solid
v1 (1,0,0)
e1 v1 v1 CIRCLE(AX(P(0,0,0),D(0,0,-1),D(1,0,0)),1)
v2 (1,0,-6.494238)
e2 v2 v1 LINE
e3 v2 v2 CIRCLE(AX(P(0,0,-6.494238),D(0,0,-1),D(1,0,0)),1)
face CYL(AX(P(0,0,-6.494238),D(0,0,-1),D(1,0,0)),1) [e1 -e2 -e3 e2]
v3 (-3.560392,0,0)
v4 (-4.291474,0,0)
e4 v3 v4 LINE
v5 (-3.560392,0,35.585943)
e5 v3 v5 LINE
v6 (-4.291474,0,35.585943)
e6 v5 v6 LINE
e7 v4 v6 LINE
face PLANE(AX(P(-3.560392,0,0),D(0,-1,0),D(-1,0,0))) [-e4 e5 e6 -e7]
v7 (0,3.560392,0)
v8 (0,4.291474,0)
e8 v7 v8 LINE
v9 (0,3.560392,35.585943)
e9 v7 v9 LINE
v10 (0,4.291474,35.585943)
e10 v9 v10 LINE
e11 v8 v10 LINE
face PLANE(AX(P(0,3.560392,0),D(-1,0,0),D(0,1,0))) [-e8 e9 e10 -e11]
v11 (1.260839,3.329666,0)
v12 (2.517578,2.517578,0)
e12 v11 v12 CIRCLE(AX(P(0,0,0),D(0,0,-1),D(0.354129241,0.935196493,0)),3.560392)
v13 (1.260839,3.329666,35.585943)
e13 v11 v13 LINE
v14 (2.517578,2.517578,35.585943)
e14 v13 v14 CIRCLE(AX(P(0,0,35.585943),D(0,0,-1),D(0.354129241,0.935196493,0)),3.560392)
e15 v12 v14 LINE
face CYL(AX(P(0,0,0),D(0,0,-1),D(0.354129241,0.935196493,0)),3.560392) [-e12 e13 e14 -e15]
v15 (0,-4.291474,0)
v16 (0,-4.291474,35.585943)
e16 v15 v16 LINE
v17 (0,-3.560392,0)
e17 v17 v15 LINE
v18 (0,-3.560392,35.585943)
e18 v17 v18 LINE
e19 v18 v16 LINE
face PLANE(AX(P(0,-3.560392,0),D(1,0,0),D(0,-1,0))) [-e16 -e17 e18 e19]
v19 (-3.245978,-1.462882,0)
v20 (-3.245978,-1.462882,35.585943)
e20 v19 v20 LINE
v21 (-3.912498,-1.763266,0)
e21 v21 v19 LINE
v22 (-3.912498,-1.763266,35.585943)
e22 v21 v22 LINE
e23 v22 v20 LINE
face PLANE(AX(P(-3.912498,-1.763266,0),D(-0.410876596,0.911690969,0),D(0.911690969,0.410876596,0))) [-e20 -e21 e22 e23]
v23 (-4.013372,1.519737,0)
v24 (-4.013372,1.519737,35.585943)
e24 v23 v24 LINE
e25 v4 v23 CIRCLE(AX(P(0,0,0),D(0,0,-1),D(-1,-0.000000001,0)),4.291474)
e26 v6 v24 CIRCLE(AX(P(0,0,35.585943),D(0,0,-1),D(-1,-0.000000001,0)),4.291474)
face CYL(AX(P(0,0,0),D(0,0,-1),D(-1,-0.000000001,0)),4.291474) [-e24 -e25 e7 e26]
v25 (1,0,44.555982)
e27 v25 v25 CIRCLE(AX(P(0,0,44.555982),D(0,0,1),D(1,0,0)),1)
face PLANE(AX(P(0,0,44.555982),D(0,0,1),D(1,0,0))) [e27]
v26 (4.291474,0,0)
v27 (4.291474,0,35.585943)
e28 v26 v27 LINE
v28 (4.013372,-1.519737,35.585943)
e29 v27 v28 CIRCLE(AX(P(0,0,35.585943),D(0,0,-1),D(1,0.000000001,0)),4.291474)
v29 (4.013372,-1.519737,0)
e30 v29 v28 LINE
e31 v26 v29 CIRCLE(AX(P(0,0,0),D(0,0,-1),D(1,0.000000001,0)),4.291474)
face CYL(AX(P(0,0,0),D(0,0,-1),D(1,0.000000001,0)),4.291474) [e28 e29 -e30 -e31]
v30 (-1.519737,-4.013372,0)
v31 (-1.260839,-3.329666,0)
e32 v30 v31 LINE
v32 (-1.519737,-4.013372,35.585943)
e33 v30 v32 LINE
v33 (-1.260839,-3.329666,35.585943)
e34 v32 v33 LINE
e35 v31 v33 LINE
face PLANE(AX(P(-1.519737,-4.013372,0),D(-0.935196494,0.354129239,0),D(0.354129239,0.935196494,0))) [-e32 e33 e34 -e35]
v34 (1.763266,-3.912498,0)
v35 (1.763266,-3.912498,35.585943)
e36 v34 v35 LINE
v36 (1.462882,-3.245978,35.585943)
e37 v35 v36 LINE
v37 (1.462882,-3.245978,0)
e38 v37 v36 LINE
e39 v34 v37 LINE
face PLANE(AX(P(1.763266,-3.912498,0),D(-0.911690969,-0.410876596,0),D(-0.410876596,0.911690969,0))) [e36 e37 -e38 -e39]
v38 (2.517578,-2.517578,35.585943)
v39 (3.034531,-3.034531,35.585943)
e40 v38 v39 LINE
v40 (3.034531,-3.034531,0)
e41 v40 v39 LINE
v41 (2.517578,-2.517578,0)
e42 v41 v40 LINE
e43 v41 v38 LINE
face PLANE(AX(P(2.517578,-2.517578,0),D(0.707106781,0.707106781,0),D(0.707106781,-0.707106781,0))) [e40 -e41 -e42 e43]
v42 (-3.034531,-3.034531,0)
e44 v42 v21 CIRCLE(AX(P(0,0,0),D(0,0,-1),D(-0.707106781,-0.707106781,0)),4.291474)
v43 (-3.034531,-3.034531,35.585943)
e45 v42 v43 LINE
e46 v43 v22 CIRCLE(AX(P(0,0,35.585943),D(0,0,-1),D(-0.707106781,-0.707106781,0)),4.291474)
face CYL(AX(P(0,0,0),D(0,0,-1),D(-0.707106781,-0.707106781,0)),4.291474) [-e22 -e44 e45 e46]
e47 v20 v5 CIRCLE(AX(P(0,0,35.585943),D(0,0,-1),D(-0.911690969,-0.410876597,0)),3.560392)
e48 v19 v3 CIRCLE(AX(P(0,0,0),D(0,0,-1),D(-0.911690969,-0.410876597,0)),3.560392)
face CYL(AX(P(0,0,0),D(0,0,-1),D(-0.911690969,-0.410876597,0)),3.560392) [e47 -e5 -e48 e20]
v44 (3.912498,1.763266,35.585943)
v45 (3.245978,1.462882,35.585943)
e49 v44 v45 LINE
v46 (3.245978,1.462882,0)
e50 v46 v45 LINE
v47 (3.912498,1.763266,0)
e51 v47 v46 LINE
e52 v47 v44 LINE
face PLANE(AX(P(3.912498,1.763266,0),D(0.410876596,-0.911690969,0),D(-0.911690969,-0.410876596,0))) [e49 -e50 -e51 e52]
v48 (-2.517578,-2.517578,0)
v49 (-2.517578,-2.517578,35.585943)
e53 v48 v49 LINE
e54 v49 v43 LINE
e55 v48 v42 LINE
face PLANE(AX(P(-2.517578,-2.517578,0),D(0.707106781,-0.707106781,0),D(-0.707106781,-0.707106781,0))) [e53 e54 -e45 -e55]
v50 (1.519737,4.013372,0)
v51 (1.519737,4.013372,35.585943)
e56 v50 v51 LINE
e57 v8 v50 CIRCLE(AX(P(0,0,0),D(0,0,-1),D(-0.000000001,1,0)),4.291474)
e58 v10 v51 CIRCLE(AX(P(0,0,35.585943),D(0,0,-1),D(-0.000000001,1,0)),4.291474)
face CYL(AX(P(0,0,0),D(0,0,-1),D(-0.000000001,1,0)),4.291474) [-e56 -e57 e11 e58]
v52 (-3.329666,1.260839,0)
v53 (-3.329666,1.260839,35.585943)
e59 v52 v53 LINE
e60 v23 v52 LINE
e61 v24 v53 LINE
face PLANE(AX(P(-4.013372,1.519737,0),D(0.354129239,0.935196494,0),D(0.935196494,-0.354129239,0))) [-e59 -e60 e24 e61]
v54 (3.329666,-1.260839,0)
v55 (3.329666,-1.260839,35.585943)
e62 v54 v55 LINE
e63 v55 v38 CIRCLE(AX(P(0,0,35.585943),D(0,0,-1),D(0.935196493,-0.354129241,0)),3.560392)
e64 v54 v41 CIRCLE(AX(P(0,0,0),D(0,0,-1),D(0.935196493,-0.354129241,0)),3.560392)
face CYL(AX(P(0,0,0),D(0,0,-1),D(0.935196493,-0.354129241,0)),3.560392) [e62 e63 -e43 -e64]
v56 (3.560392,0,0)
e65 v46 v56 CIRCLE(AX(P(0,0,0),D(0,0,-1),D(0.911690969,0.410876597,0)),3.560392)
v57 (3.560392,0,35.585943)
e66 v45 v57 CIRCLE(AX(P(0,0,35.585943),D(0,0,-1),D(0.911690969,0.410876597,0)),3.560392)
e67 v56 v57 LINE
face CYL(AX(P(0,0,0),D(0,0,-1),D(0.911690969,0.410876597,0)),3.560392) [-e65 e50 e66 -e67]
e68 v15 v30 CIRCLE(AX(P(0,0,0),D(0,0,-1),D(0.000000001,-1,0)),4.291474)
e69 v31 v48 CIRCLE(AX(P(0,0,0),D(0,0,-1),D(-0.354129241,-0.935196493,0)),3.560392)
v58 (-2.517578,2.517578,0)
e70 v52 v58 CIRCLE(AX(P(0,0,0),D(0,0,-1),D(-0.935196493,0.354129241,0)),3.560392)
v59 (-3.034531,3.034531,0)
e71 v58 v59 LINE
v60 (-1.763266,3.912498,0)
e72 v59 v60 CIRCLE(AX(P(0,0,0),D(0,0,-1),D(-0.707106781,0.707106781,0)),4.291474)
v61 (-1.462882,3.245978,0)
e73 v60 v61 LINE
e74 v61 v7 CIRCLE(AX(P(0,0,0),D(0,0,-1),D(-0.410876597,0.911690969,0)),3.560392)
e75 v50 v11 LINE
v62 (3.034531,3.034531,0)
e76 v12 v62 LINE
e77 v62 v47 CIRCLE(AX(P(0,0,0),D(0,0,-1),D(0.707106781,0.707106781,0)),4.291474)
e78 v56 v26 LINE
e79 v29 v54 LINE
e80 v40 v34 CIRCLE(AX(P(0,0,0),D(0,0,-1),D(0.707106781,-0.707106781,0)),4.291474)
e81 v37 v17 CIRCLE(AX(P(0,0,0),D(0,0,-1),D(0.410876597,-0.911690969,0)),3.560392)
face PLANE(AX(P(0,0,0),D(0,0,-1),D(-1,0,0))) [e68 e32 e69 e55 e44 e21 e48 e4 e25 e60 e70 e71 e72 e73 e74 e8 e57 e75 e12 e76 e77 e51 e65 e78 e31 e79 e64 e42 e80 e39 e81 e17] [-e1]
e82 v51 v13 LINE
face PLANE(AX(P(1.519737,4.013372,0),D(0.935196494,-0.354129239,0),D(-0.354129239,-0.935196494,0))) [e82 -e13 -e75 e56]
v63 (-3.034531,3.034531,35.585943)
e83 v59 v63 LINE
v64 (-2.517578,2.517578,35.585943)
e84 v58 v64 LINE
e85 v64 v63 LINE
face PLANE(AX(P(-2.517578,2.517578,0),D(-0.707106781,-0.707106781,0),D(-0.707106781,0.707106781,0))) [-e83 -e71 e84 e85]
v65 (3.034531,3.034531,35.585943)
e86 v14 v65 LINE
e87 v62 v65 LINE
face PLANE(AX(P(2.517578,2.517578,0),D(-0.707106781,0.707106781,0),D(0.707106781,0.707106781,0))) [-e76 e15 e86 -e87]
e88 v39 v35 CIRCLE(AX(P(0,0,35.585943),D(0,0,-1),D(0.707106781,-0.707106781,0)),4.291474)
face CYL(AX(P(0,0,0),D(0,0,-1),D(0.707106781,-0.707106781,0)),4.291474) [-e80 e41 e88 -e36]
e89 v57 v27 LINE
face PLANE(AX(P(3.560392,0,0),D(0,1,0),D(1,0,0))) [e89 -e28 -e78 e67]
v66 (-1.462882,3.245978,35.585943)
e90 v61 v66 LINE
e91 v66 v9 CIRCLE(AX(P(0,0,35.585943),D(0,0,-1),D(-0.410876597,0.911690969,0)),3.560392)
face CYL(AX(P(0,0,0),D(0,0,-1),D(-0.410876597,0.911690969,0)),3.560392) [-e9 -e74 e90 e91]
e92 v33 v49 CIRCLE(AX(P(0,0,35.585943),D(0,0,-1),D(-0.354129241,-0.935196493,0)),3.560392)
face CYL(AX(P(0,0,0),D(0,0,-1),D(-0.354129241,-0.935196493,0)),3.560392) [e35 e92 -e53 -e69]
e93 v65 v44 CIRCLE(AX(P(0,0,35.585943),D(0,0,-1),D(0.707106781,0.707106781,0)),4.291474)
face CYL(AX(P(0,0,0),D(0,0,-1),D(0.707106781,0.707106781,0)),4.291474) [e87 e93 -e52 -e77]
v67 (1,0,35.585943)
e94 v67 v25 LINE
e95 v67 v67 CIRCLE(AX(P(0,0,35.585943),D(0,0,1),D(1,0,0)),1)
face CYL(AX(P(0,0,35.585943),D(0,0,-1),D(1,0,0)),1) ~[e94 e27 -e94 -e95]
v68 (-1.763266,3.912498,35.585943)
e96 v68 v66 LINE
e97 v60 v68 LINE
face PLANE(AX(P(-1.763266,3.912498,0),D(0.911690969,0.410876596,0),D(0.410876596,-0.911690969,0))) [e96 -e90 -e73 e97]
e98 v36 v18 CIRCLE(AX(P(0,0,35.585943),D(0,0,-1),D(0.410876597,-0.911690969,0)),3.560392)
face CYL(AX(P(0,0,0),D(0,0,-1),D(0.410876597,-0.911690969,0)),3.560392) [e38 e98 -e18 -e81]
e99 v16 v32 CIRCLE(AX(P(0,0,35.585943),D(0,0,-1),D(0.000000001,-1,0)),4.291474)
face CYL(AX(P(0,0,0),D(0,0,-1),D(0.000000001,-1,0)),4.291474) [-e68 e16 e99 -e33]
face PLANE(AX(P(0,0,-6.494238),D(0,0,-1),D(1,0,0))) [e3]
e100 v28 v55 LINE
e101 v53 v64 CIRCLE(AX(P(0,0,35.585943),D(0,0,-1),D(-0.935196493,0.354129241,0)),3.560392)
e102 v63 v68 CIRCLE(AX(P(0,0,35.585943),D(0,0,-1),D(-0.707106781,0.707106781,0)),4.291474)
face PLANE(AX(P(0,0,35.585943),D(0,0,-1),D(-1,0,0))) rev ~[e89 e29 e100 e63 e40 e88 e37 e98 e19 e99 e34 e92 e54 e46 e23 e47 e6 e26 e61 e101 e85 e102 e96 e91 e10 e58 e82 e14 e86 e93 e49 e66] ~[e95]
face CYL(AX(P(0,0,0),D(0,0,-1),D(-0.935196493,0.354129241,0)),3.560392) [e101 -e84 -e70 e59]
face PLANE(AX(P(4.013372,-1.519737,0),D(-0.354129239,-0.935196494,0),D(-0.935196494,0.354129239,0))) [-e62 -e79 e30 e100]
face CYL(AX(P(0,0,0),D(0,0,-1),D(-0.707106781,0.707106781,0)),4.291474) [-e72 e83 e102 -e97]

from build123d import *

# Parameters (mm, degrees)
BOSS_EXTRUDE1_DEPTH = 35.585942761
SKETCH2_R           = 1
BOSS_EXTRUDE2_DEPTH = 8.970038879
BOSS_EXTRUDE3_START = 6.494237864
SKETCH3_R           = 1
BOSS_EXTRUDE3_DEPTH = 6.494237864


with BuildPart() as part:
    # Sketch1 → Boss-Extrude1 (new body)
    with BuildSketch(Plane.XY):
        with BuildLine():
            Line((0, 3.560392335), (0, 4.291474396))
            ThreePointArc((0, 4.291474396), (0.77248629, 4.221376248), (1.519736563, 4.013371808))
            Line((1.519736563, 4.013371808), (1.260839029, 3.329666428))
            ThreePointArc((1.260839029, 3.329666428), (1.932350917, 2.990386849), (2.517577564, 2.517577564))
            Line((2.517577564, 2.517577564), (3.034530647, 3.034530647))
            ThreePointArc((3.034530647, 3.034530647), (3.531194065, 2.438733477), (3.912498451, 1.763266392))
            Line((3.912498451, 1.763266392), (3.245977537, 1.462881883))
            ThreePointArc((3.245977537, 1.462881883), (3.480901257, 0.748144382), (3.560392335, 0))
            Line((3.560392335, 0), (4.291474396, 0))
            ThreePointArc((4.291474396, 0), (4.221376248, -0.77248629), (4.013371808, -1.519736563))
            Line((4.013371808, -1.519736563), (3.329666428, -1.260839029))
            ThreePointArc((3.329666428, -1.260839029), (2.990386849, -1.932350917), (2.517577564, -2.517577564))
            Line((2.517577564, -2.517577564), (3.034530647, -3.034530647))
            ThreePointArc((3.034530647, -3.034530647), (2.438733477, -3.531194065), (1.763266392, -3.912498451))
            Line((1.763266392, -3.912498451), (1.462881883, -3.245977537))
            ThreePointArc((1.462881883, -3.245977537), (0.748144382, -3.480901257), (0, -3.560392335))
            Line((0, -3.560392335), (0, -4.291474396))
            ThreePointArc((0, -4.291474396), (-0.77248629, -4.221376248), (-1.519736563, -4.013371808))
            Line((-1.519736563, -4.013371808), (-1.260839029, -3.329666428))
            ThreePointArc((-1.260839029, -3.329666428), (-1.932350917, -2.990386849), (-2.517577564, -2.517577564))
            Line((-2.517577564, -2.517577564), (-3.034530647, -3.034530647))
            ThreePointArc((-3.034530647, -3.034530647), (-3.531194065, -2.438733477), (-3.912498451, -1.763266392))
            Line((-3.912498451, -1.763266392), (-3.245977537, -1.462881883))
            ThreePointArc((-3.245977537, -1.462881883), (-3.480901257, -0.748144382), (-3.560392335, 0))
            Line((-3.560392335, 0), (-4.291474396, 0))
            ThreePointArc((-4.291474396, 0), (-4.221376248, 0.77248629), (-4.013371808, 1.519736563))
            Line((-4.013371808, 1.519736563), (-3.329666428, 1.260839029))
            ThreePointArc((-3.329666428, 1.260839029), (-2.990386849, 1.932350917), (-2.517577564, 2.517577564))
            Line((-2.517577564, 2.517577564), (-3.034530647, 3.034530647))
            ThreePointArc((-3.034530647, 3.034530647), (-2.438733477, 3.531194065), (-1.763266392, 3.912498451))
            Line((-1.763266392, 3.912498451), (-1.462881883, 3.245977537))
            ThreePointArc((-1.462881883, 3.245977537), (-0.748144382, 3.480901257), (0, 3.560392335))
        make_face()
    extrude(amount=BOSS_EXTRUDE1_DEPTH)

    # Sketch2 → Boss-Extrude2 (add)
    with BuildSketch(Plane.XY.offset(35.585942761)):
        Circle(SKETCH2_R)
    extrude(amount=BOSS_EXTRUDE2_DEPTH)

    # Sketch3 → Boss-Extrude3 (add)
    with BuildSketch(Plane(origin=(0, 0, 0), x_dir=(-1, 0, 0), z_dir=(0, 0, -1)).offset(BOSS_EXTRUDE3_START)):
        Circle(SKETCH3_R)
    extrude(amount=-BOSS_EXTRUDE3_DEPTH)


solid = part.part
